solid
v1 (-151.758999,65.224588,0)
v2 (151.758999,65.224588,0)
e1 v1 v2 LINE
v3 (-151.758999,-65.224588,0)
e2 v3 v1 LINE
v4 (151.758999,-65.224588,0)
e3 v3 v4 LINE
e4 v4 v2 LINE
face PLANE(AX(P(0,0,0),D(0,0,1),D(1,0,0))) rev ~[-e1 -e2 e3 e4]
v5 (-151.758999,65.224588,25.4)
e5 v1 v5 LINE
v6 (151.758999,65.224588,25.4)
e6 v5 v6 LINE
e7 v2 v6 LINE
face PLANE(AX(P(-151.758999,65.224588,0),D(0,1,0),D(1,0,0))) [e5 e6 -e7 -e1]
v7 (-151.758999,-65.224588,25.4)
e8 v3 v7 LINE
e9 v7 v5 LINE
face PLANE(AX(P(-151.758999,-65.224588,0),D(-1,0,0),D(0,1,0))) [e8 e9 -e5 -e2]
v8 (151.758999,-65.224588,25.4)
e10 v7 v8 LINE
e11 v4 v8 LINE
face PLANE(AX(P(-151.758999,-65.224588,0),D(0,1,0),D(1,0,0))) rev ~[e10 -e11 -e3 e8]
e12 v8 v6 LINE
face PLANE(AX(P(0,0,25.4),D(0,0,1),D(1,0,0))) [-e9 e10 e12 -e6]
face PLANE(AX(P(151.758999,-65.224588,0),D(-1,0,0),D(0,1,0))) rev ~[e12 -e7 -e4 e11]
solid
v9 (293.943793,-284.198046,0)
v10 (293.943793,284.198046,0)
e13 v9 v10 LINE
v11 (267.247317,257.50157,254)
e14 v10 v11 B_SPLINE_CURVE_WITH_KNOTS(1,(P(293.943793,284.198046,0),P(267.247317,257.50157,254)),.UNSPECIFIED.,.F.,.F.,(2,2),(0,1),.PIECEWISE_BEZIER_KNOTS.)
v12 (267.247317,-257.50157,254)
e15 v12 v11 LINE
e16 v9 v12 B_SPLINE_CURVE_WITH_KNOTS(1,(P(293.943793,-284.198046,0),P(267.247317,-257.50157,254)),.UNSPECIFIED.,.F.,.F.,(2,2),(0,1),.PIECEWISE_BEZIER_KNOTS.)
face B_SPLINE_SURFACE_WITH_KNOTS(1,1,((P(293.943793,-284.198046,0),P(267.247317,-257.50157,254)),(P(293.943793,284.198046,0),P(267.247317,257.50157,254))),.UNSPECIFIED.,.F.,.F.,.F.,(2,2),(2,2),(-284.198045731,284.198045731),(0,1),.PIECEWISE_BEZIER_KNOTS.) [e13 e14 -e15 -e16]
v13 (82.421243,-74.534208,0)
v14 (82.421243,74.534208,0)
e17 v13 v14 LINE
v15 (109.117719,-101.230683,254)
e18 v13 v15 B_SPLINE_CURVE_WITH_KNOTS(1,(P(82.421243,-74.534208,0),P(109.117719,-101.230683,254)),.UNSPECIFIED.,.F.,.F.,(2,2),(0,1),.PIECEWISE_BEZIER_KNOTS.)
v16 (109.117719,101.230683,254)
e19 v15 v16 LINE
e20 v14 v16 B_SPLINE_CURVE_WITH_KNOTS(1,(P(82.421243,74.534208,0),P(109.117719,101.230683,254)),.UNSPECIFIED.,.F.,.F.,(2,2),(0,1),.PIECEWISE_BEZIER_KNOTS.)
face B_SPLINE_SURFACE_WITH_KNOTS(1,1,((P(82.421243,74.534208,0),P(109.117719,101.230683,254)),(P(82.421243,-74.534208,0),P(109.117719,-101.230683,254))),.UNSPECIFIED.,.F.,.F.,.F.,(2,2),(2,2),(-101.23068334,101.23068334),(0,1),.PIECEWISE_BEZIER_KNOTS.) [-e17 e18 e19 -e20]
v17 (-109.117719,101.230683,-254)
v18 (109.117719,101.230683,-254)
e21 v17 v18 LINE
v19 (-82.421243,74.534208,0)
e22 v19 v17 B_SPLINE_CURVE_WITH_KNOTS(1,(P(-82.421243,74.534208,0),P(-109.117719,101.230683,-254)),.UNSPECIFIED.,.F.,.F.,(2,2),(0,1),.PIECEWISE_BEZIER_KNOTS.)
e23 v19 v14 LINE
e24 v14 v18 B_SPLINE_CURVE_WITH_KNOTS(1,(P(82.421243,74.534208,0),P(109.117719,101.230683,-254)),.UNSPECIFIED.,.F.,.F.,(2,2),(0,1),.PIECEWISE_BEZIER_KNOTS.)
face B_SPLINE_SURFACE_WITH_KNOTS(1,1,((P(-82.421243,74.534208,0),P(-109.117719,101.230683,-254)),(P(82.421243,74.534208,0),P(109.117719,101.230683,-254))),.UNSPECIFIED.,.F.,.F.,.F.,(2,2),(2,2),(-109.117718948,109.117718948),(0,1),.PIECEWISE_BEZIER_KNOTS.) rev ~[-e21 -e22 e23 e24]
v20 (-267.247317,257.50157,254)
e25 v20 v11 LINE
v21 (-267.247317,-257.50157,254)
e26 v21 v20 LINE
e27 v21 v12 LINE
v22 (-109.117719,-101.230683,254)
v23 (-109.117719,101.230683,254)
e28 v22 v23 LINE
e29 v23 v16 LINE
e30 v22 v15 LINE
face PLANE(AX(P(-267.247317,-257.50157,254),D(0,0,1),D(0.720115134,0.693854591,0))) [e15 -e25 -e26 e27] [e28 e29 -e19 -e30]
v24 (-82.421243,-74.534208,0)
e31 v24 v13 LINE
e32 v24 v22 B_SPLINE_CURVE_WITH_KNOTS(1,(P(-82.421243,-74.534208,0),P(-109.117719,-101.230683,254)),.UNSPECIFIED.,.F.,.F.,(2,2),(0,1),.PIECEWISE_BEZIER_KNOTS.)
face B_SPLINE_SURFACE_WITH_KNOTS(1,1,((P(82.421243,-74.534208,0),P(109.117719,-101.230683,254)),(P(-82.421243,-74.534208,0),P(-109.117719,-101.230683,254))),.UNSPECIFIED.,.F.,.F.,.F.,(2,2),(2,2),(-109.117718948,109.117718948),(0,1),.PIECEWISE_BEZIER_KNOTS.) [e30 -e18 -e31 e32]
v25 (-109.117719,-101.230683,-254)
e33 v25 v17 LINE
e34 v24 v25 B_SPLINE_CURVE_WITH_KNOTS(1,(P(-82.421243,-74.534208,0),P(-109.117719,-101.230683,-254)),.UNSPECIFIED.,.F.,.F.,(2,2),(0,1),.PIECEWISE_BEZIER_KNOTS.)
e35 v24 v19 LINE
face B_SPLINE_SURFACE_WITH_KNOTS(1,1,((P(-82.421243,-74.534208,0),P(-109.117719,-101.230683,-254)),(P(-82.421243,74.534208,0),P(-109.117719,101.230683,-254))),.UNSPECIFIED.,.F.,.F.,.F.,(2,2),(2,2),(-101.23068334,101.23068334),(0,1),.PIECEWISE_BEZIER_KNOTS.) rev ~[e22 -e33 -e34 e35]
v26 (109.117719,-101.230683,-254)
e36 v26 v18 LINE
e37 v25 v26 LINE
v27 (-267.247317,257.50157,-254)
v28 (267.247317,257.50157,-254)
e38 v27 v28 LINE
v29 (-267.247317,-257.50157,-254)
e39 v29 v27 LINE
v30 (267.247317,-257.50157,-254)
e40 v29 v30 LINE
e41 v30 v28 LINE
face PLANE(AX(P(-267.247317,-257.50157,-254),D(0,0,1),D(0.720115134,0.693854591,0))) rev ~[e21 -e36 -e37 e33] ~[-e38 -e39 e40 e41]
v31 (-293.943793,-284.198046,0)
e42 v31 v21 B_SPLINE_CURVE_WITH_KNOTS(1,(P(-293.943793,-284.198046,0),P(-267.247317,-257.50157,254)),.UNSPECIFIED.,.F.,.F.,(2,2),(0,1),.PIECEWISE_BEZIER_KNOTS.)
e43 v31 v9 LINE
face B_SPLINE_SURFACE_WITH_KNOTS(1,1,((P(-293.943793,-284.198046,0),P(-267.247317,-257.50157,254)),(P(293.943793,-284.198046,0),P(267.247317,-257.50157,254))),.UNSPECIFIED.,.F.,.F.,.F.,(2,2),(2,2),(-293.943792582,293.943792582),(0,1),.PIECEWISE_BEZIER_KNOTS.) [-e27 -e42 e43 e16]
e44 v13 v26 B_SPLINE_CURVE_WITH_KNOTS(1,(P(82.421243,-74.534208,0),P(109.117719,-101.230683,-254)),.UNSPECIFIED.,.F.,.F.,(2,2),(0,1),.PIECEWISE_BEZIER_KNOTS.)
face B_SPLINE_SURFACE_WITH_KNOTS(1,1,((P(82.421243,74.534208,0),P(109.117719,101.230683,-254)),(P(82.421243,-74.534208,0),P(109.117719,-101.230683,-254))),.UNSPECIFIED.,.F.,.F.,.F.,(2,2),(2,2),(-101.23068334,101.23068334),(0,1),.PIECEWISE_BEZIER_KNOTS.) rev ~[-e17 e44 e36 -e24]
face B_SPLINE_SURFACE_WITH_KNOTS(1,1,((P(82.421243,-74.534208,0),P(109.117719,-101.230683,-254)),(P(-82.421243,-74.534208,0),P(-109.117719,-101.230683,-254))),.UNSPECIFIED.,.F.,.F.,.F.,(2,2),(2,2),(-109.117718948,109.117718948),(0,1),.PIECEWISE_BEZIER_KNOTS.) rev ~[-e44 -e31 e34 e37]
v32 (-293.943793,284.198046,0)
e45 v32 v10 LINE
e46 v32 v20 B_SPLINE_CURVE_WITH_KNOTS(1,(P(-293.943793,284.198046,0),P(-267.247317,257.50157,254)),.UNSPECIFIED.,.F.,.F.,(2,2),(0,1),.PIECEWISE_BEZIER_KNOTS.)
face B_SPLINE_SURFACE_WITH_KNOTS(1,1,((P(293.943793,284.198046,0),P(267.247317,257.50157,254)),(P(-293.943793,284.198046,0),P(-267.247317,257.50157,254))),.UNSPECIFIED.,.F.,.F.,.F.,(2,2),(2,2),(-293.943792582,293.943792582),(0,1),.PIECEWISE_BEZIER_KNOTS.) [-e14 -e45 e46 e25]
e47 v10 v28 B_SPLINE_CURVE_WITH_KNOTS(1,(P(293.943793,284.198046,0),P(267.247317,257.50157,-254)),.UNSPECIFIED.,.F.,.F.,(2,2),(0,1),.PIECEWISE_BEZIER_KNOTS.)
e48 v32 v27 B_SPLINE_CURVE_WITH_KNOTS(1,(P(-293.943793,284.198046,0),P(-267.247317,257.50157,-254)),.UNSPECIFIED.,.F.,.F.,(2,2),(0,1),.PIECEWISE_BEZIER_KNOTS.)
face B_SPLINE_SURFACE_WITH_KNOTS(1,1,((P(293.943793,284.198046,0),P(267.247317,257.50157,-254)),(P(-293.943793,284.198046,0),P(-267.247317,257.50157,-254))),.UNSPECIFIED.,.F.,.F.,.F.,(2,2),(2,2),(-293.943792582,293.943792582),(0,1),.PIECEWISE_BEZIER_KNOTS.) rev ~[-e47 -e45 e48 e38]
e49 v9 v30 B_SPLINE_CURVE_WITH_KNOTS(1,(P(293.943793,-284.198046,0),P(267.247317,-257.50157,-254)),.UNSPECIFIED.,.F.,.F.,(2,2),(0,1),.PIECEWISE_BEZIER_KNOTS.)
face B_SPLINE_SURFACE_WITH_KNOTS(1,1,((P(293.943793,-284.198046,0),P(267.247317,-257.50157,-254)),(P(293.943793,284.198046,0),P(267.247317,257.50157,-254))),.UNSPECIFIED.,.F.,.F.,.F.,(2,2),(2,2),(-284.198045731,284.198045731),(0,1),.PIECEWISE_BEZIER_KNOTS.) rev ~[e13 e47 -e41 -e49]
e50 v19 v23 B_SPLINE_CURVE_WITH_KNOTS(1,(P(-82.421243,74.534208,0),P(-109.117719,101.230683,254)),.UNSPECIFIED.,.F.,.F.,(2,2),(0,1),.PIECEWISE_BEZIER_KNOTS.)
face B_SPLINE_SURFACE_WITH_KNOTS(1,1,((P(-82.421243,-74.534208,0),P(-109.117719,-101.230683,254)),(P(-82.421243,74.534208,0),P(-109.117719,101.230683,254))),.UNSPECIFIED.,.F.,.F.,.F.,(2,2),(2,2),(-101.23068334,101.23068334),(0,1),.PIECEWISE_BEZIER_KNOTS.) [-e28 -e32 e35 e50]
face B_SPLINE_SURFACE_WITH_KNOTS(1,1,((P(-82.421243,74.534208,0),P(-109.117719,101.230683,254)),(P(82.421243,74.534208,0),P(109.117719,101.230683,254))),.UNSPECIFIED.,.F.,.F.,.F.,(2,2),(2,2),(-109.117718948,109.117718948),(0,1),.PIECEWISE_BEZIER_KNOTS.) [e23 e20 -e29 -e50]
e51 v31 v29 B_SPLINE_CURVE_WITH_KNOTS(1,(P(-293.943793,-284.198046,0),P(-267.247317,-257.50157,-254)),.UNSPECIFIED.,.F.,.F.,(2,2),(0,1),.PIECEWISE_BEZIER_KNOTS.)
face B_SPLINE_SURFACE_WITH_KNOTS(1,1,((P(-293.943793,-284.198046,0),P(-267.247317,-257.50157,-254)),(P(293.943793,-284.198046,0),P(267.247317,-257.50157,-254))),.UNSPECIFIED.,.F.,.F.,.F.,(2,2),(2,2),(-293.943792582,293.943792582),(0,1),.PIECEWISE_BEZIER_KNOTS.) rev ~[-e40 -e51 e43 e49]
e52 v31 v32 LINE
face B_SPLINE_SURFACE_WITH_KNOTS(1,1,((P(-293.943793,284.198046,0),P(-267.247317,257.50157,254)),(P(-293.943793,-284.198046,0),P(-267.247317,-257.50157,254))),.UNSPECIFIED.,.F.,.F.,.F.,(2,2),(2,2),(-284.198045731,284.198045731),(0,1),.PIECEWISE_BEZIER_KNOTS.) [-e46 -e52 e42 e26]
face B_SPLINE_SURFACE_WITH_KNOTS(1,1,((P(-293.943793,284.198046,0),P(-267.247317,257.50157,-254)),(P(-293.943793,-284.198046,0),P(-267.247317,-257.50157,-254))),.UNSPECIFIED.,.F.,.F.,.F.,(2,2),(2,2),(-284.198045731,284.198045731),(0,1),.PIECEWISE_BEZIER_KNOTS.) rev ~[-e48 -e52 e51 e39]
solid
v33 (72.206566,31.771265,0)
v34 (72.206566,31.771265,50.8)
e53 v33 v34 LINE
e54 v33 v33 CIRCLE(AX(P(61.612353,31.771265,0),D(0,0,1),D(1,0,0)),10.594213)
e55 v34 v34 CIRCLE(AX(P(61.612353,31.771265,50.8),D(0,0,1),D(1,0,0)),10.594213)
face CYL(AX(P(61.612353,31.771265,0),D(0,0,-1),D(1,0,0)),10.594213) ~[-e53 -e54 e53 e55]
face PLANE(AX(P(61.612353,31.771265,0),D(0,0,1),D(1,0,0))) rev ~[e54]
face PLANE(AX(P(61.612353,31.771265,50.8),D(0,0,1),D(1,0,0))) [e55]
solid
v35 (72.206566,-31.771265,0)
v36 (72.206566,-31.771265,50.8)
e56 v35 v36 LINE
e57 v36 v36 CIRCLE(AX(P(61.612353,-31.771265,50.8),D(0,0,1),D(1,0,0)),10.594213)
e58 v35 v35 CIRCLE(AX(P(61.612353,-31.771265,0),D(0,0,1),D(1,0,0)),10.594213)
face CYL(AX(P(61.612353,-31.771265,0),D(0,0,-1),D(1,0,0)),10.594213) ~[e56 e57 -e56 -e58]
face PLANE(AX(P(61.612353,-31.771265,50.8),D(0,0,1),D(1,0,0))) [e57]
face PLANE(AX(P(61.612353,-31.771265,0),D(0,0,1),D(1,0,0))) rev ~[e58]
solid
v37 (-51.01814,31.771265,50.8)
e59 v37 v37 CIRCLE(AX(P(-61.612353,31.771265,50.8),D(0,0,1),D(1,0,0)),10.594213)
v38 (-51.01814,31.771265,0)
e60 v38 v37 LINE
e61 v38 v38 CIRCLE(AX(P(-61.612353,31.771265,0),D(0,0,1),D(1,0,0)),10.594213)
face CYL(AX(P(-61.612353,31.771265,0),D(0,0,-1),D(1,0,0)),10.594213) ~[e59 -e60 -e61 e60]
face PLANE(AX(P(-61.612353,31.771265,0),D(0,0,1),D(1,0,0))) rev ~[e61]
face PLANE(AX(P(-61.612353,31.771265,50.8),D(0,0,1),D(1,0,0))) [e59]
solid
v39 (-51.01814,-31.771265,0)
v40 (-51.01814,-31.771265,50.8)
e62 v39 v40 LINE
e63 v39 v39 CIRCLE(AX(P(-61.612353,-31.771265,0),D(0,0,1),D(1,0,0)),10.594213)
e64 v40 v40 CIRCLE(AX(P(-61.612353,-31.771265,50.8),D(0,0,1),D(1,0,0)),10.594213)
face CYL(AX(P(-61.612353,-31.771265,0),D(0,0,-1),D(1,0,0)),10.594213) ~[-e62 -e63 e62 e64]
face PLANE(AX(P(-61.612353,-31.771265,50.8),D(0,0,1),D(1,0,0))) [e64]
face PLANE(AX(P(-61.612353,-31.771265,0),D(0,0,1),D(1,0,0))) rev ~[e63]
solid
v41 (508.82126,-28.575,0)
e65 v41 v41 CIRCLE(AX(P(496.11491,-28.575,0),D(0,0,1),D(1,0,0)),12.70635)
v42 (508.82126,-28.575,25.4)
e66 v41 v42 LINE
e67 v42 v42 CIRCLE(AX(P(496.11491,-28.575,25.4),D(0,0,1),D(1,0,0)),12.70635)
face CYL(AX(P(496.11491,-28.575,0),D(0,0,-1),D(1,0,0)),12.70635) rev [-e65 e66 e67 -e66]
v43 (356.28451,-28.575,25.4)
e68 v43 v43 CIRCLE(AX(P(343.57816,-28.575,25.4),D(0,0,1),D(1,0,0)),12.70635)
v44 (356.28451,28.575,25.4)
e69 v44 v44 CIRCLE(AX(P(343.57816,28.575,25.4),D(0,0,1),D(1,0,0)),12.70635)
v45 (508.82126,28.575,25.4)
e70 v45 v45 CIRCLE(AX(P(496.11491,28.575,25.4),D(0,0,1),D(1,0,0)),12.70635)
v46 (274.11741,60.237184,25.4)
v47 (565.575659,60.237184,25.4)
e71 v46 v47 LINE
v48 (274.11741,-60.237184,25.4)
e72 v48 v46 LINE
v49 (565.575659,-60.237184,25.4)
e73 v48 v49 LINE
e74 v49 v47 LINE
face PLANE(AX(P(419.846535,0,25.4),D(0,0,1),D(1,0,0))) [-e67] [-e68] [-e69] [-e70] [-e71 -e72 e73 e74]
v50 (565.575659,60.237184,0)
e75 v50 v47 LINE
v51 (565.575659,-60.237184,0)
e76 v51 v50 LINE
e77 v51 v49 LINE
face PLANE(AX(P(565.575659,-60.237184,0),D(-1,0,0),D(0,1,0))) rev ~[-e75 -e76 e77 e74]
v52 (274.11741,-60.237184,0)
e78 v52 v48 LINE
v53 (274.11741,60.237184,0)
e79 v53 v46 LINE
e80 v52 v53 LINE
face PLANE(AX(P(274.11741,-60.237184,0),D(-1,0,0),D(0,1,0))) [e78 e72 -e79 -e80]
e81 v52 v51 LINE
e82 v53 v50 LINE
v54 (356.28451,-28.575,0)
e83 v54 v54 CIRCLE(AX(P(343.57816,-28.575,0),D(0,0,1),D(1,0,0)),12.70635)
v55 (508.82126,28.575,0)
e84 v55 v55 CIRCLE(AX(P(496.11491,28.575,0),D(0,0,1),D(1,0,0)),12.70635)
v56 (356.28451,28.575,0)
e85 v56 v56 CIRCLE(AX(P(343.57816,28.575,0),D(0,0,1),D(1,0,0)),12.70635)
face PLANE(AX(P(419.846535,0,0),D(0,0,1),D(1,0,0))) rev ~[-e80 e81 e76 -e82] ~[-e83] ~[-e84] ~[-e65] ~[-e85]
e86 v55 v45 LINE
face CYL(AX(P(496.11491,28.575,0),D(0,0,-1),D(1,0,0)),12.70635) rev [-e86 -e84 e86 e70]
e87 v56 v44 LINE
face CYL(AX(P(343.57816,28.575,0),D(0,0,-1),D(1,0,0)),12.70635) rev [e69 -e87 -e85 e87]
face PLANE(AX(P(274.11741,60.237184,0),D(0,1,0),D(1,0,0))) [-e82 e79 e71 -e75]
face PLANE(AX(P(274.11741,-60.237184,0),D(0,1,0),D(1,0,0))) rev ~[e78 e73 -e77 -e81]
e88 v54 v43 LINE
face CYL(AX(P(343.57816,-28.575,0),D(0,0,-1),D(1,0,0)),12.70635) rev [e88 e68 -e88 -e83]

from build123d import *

# Parameters (mm, degrees)
F0_W     = 303.5179972649
F0_H     = 130.4491758347
F1_DEPTH = 25.4
F2_R     = 10.594213
F3_DEPTH = 50.8
F4_W     = 291.4582490921
F4_H     = 120.4743683338
F4_R     = 12.70635
F5_DEPTH = 25.4
F6_W     = 587.8875851631
F6_H     = 568.3960914612
F6_W_2   = 164.8424863815
F6_H_2   = 149.0684151649
F7_DEPTH = 254
F7_TAPER = 6


with BuildPart() as f1:
    # F0 (on Top) → F1 (new body)
    with BuildSketch(Plane.XY):
        Rectangle(F0_W, F0_H)
    extrude(amount=F1_DEPTH)


with BuildPart() as f3:
    # F2 (on Top) → F3 (new body)
    with BuildSketch(Plane.XY):
        with Locations((61.6123527288, -31.7712649703)):
            Circle(F2_R)
    extrude(amount=F3_DEPTH)


with BuildPart() as f3b:
    # F2 (on Top) → F3, piece 2 (new body)
    with BuildSketch(Plane.XY):
        with Locations((61.6123527288, 31.7712649703)):
            Circle(F2_R)
    extrude(amount=F3_DEPTH)


with BuildPart() as f3c:
    # F2 (on Top) → F3, piece 3 (new body)
    with BuildSketch(Plane.XY):
        with Locations((-61.6123527288, 31.7712649703)):
            Circle(F2_R)
    extrude(amount=F3_DEPTH)


with BuildPart() as f3d:
    # F2 (on Top) → F3, piece 4 (new body)
    with BuildSketch(Plane.XY):
        with Locations((-61.6123527288, -31.7712649703)):
            Circle(F2_R)
    extrude(amount=F3_DEPTH)


with BuildPart() as f5:
    # F4 (on Top) → F5 (new body)
    with BuildSketch(Plane.XY):
        with Locations((419.846534729, 0)):
            Rectangle(F4_W, F4_H)
        with Locations((343.5781598091, -28.575)):
            Circle(F4_R, mode=Mode.SUBTRACT)
        with Locations((496.1149096489, -28.575)):
            Circle(F4_R, mode=Mode.SUBTRACT)
        with Locations((343.5781598091, 28.575)):
            Circle(F4_R, mode=Mode.SUBTRACT)
        with Locations((496.1149096489, 28.575)):
            Circle(F4_R, mode=Mode.SUBTRACT)
    extrude(amount=F5_DEPTH)


with BuildPart() as f7:
    # F6 (on Top) → F7 (new body, symmetric)
    with BuildSketch(Plane.XY):
        Rectangle(F6_W, F6_H)
        Rectangle(F6_W_2, F6_H_2, mode=Mode.SUBTRACT)
    extrude(amount=F7_DEPTH, both=True, taper=F7_TAPER)


solid = Compound([f1.part, f3.part, f3b.part, f3c.part, f3d.part, f5.part, f7.part])
